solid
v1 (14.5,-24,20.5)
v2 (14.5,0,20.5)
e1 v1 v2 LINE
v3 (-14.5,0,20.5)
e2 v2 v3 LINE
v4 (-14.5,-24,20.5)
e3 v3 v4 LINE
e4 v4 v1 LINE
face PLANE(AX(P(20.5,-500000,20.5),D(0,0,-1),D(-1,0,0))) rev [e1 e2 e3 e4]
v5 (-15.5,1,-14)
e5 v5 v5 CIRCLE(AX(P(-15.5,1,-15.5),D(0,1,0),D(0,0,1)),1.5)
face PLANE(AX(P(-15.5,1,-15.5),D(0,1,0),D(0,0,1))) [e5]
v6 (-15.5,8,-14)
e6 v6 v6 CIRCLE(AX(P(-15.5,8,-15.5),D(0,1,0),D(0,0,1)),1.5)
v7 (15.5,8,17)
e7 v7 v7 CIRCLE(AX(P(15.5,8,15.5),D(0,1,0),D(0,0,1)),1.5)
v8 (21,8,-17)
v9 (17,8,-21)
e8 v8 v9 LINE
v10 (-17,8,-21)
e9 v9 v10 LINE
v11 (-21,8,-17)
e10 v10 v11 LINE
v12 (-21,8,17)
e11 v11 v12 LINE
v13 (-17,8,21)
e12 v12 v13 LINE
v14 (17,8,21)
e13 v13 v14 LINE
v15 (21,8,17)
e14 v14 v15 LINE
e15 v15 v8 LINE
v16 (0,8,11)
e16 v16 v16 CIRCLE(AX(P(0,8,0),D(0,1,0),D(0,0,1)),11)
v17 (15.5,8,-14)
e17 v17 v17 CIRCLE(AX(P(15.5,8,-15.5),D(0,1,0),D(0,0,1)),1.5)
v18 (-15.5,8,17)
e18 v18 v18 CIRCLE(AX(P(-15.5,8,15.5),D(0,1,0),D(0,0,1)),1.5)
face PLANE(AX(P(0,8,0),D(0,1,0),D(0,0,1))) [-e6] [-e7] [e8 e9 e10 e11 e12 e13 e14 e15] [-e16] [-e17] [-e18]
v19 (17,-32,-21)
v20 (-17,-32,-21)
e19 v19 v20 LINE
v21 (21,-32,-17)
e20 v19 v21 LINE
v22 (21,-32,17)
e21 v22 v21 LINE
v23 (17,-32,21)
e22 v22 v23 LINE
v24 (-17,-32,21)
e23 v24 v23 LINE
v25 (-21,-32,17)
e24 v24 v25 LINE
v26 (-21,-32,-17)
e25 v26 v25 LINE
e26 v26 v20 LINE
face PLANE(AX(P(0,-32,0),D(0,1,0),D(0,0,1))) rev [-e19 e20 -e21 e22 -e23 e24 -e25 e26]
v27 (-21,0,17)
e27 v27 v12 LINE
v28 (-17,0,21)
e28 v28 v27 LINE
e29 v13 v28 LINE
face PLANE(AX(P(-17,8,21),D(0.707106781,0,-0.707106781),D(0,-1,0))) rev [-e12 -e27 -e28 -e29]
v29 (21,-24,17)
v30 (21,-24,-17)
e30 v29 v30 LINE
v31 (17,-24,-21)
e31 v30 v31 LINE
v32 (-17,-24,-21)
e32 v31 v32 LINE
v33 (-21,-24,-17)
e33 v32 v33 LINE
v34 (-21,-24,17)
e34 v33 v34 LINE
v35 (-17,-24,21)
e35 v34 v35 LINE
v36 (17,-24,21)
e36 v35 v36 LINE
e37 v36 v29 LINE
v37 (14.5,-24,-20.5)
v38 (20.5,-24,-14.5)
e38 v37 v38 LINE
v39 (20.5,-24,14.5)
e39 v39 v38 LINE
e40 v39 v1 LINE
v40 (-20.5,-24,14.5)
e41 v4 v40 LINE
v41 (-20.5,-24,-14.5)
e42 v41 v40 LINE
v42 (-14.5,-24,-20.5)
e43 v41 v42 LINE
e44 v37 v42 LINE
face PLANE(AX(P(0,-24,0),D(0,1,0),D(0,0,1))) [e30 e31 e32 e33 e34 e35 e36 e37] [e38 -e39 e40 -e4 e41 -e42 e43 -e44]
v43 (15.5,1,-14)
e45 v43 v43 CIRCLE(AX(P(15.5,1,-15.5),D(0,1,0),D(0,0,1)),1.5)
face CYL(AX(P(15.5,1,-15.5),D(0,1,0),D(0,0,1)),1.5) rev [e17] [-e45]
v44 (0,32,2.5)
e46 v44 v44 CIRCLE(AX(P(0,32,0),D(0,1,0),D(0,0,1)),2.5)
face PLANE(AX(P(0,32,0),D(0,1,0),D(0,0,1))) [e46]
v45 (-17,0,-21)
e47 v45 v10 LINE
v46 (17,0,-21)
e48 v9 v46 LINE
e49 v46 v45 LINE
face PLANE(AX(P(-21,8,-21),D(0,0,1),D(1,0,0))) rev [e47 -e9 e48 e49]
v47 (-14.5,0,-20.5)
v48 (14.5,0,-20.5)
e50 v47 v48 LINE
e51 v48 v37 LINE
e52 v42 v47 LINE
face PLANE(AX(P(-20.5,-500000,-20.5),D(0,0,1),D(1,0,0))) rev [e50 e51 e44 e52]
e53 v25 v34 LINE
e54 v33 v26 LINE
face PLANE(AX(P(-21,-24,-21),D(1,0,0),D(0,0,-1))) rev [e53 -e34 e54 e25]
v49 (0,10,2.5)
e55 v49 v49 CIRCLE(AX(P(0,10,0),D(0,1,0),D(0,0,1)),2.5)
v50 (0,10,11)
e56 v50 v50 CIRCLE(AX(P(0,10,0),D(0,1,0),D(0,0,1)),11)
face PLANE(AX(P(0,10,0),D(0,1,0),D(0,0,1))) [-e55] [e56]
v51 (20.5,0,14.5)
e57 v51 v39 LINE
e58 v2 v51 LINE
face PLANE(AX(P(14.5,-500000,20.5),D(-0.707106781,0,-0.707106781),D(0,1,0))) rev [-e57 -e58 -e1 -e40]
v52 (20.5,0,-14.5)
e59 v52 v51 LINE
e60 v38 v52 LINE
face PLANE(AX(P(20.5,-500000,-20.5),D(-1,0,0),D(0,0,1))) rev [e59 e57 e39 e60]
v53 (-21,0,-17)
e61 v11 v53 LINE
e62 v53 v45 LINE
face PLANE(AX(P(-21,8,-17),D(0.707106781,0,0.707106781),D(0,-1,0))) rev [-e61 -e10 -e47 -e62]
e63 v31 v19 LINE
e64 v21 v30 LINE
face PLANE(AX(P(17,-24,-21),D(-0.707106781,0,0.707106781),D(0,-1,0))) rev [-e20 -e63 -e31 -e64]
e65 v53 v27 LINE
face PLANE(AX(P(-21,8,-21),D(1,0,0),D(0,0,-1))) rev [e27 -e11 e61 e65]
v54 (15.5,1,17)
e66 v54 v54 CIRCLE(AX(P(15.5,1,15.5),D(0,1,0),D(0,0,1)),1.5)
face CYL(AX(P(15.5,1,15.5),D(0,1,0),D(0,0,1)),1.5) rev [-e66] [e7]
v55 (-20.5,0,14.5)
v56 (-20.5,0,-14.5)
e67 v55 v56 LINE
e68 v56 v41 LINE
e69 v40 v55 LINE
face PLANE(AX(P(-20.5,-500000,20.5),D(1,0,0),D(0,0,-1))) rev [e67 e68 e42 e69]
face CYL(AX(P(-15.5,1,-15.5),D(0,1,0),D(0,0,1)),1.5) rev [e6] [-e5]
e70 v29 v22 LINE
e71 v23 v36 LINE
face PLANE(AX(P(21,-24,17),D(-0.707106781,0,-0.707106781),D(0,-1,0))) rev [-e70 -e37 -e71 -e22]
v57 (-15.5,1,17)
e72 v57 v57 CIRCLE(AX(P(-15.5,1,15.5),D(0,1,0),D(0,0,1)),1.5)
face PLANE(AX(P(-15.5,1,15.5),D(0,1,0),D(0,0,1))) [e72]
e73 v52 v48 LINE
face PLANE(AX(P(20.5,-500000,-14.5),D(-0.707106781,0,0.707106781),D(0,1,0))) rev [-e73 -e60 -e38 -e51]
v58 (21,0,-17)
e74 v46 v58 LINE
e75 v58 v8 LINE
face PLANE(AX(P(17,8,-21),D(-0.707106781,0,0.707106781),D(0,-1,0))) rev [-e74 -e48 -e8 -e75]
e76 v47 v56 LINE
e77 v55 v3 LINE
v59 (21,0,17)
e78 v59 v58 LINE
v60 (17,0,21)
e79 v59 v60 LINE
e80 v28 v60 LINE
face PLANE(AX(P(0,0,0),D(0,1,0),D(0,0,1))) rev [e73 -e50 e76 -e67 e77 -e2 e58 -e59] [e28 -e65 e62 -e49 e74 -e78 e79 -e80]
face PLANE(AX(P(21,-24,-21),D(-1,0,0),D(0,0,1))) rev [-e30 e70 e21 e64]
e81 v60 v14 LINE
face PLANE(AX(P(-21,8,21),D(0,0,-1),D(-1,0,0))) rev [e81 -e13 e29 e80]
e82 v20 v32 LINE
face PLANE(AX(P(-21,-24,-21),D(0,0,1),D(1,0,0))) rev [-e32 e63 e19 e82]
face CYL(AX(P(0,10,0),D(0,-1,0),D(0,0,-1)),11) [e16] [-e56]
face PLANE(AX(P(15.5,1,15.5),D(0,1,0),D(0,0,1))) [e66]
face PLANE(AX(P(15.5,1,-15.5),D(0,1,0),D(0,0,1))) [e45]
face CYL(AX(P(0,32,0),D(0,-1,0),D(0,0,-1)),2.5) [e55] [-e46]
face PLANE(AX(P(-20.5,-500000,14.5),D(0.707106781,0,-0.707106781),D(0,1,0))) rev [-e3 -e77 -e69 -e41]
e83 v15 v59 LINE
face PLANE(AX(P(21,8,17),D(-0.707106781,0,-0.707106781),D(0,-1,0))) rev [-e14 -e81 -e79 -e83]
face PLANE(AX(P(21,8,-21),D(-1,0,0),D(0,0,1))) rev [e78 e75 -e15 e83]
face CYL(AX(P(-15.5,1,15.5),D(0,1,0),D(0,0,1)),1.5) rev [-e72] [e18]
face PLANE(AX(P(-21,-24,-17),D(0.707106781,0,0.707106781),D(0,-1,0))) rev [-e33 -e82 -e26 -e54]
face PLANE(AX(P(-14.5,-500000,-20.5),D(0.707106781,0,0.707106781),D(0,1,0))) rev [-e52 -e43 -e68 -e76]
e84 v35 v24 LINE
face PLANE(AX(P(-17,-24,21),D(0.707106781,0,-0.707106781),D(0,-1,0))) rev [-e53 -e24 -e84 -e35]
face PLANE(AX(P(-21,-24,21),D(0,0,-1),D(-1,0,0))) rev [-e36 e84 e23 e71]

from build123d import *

# Parameters (mm, degrees)
SKETCH1_W           = 42
SKETCH1_H           = 42
BOSS_EXTRUDE1_DEPTH = 8
LPATTERN2_COUNT     = 2
LPATTERN2_PITCH     = 32
BOSS_EXTRUDE4_REACH = 45.658
SKETCH5_W           = 41
SKETCH5_H           = 41
CHAMFER2_SIZE       = 6
CHAMFER1_SIZE       = 4
SKETCH2_R           = 11
BOSS_EXTRUDE2_DEPTH = 2
SKETCH3_R           = 2.5
BOSS_EXTRUDE3_DEPTH = 22
SKETCH6_R           = 1.5
CUT_EXTRUDE1_DEPTH  = 7


with BuildPart() as part:
    # Sketch1 → Boss-Extrude1 (new body)
    with BuildSketch(Plane(origin=(0, 0, 0), x_dir=(1, 0, 0), z_dir=(0, 1, 0))):
        Rectangle(SKETCH1_W, SKETCH1_H)
    extrude(amount=BOSS_EXTRUDE1_DEPTH)


with BuildPart() as lpattern2_1:
    # LPattern2: pattern copy
    add(part.part.moved(Location(Vector(0, -1, 0) * (1 * LPATTERN2_PITCH))))

    # Sketch5 → Boss-Extrude4 (add, up to next)
    with BuildSketch(Plane.XZ, mode=Mode.PRIVATE) as boss_extrude4_sk1:
        Rectangle(SKETCH5_W, SKETCH5_H)
    boss_extrude4_tool1 = extrude(boss_extrude4_sk1.sketch, amount=BOSS_EXTRUDE4_REACH, mode=Mode.PRIVATE) - lpattern2_1.part

    add(part.part)  # Boss-Extrude4 merges part
    add(boss_extrude4_tool1.solids().sort_by_distance((0, 0, 0))[0])

    # Chamfer2
    chamfer2_edges = [lpattern2_1.edges().sort_by_distance(p)[0] for p in [
        (20.5, -12, 20.5),
        (-20.5, -12, 20.5),
        (-20.5, -12, -20.5),
        (20.5, -12, -20.5),
    ]]
    chamfer(chamfer2_edges, length=CHAMFER2_SIZE)

    # Chamfer1
    chamfer1_edges = [lpattern2_1.edges().sort_by_distance(p)[0] for p in [
        (-21, -28, -21),
        (-21, -28, 21),
        (21, -28, 21),
        (21, -28, -21),
        (-21, 4, -21),
        (21, 4, -21),
        (21, 4, 21),
        (-21, 4, 21),
    ]]
    chamfer(chamfer1_edges, length=CHAMFER1_SIZE)

    # Sketch2 → Boss-Extrude2 (add)
    with BuildSketch(Plane(origin=(0, 8, 0), x_dir=(1, 0, 0), z_dir=(0, 1, 0))):
        with Locations(Location((0, 0, 0), (0, 0, 270))):
            Circle(SKETCH2_R)
    extrude(amount=BOSS_EXTRUDE2_DEPTH)

    # Sketch3 → Boss-Extrude3 (add)
    with BuildSketch(Plane(origin=(0, 10, 0), x_dir=(1, 0, 0), z_dir=(0, 1, 0))):
        with Locations(Location((0, 0, 0), (0, 0, 270))):
            Circle(SKETCH3_R)
    extrude(amount=BOSS_EXTRUDE3_DEPTH)

    # Sketch6 → Cut-Extrude1 (cut)
    with BuildSketch(Plane(origin=(0, 8, 0), x_dir=(1, 0, 0), z_dir=(0, 1, 0))):
        with Locations(Location((-15.5, 15.5, 0), (0, 0, 270))):
            Circle(SKETCH6_R)
        with Locations(Location((15.5, 15.5, 0), (0, 0, 270))):
            Circle(SKETCH6_R)
        with Locations(Location((15.5, -15.5, 0), (0, 0, 270))):
            Circle(SKETCH6_R)
        with Locations(Location((-15.5, -15.5, 0), (0, 0, 270))):
            Circle(SKETCH6_R)
    extrude(amount=-CUT_EXTRUDE1_DEPTH, mode=Mode.SUBTRACT)


solid = lpattern2_1.part
